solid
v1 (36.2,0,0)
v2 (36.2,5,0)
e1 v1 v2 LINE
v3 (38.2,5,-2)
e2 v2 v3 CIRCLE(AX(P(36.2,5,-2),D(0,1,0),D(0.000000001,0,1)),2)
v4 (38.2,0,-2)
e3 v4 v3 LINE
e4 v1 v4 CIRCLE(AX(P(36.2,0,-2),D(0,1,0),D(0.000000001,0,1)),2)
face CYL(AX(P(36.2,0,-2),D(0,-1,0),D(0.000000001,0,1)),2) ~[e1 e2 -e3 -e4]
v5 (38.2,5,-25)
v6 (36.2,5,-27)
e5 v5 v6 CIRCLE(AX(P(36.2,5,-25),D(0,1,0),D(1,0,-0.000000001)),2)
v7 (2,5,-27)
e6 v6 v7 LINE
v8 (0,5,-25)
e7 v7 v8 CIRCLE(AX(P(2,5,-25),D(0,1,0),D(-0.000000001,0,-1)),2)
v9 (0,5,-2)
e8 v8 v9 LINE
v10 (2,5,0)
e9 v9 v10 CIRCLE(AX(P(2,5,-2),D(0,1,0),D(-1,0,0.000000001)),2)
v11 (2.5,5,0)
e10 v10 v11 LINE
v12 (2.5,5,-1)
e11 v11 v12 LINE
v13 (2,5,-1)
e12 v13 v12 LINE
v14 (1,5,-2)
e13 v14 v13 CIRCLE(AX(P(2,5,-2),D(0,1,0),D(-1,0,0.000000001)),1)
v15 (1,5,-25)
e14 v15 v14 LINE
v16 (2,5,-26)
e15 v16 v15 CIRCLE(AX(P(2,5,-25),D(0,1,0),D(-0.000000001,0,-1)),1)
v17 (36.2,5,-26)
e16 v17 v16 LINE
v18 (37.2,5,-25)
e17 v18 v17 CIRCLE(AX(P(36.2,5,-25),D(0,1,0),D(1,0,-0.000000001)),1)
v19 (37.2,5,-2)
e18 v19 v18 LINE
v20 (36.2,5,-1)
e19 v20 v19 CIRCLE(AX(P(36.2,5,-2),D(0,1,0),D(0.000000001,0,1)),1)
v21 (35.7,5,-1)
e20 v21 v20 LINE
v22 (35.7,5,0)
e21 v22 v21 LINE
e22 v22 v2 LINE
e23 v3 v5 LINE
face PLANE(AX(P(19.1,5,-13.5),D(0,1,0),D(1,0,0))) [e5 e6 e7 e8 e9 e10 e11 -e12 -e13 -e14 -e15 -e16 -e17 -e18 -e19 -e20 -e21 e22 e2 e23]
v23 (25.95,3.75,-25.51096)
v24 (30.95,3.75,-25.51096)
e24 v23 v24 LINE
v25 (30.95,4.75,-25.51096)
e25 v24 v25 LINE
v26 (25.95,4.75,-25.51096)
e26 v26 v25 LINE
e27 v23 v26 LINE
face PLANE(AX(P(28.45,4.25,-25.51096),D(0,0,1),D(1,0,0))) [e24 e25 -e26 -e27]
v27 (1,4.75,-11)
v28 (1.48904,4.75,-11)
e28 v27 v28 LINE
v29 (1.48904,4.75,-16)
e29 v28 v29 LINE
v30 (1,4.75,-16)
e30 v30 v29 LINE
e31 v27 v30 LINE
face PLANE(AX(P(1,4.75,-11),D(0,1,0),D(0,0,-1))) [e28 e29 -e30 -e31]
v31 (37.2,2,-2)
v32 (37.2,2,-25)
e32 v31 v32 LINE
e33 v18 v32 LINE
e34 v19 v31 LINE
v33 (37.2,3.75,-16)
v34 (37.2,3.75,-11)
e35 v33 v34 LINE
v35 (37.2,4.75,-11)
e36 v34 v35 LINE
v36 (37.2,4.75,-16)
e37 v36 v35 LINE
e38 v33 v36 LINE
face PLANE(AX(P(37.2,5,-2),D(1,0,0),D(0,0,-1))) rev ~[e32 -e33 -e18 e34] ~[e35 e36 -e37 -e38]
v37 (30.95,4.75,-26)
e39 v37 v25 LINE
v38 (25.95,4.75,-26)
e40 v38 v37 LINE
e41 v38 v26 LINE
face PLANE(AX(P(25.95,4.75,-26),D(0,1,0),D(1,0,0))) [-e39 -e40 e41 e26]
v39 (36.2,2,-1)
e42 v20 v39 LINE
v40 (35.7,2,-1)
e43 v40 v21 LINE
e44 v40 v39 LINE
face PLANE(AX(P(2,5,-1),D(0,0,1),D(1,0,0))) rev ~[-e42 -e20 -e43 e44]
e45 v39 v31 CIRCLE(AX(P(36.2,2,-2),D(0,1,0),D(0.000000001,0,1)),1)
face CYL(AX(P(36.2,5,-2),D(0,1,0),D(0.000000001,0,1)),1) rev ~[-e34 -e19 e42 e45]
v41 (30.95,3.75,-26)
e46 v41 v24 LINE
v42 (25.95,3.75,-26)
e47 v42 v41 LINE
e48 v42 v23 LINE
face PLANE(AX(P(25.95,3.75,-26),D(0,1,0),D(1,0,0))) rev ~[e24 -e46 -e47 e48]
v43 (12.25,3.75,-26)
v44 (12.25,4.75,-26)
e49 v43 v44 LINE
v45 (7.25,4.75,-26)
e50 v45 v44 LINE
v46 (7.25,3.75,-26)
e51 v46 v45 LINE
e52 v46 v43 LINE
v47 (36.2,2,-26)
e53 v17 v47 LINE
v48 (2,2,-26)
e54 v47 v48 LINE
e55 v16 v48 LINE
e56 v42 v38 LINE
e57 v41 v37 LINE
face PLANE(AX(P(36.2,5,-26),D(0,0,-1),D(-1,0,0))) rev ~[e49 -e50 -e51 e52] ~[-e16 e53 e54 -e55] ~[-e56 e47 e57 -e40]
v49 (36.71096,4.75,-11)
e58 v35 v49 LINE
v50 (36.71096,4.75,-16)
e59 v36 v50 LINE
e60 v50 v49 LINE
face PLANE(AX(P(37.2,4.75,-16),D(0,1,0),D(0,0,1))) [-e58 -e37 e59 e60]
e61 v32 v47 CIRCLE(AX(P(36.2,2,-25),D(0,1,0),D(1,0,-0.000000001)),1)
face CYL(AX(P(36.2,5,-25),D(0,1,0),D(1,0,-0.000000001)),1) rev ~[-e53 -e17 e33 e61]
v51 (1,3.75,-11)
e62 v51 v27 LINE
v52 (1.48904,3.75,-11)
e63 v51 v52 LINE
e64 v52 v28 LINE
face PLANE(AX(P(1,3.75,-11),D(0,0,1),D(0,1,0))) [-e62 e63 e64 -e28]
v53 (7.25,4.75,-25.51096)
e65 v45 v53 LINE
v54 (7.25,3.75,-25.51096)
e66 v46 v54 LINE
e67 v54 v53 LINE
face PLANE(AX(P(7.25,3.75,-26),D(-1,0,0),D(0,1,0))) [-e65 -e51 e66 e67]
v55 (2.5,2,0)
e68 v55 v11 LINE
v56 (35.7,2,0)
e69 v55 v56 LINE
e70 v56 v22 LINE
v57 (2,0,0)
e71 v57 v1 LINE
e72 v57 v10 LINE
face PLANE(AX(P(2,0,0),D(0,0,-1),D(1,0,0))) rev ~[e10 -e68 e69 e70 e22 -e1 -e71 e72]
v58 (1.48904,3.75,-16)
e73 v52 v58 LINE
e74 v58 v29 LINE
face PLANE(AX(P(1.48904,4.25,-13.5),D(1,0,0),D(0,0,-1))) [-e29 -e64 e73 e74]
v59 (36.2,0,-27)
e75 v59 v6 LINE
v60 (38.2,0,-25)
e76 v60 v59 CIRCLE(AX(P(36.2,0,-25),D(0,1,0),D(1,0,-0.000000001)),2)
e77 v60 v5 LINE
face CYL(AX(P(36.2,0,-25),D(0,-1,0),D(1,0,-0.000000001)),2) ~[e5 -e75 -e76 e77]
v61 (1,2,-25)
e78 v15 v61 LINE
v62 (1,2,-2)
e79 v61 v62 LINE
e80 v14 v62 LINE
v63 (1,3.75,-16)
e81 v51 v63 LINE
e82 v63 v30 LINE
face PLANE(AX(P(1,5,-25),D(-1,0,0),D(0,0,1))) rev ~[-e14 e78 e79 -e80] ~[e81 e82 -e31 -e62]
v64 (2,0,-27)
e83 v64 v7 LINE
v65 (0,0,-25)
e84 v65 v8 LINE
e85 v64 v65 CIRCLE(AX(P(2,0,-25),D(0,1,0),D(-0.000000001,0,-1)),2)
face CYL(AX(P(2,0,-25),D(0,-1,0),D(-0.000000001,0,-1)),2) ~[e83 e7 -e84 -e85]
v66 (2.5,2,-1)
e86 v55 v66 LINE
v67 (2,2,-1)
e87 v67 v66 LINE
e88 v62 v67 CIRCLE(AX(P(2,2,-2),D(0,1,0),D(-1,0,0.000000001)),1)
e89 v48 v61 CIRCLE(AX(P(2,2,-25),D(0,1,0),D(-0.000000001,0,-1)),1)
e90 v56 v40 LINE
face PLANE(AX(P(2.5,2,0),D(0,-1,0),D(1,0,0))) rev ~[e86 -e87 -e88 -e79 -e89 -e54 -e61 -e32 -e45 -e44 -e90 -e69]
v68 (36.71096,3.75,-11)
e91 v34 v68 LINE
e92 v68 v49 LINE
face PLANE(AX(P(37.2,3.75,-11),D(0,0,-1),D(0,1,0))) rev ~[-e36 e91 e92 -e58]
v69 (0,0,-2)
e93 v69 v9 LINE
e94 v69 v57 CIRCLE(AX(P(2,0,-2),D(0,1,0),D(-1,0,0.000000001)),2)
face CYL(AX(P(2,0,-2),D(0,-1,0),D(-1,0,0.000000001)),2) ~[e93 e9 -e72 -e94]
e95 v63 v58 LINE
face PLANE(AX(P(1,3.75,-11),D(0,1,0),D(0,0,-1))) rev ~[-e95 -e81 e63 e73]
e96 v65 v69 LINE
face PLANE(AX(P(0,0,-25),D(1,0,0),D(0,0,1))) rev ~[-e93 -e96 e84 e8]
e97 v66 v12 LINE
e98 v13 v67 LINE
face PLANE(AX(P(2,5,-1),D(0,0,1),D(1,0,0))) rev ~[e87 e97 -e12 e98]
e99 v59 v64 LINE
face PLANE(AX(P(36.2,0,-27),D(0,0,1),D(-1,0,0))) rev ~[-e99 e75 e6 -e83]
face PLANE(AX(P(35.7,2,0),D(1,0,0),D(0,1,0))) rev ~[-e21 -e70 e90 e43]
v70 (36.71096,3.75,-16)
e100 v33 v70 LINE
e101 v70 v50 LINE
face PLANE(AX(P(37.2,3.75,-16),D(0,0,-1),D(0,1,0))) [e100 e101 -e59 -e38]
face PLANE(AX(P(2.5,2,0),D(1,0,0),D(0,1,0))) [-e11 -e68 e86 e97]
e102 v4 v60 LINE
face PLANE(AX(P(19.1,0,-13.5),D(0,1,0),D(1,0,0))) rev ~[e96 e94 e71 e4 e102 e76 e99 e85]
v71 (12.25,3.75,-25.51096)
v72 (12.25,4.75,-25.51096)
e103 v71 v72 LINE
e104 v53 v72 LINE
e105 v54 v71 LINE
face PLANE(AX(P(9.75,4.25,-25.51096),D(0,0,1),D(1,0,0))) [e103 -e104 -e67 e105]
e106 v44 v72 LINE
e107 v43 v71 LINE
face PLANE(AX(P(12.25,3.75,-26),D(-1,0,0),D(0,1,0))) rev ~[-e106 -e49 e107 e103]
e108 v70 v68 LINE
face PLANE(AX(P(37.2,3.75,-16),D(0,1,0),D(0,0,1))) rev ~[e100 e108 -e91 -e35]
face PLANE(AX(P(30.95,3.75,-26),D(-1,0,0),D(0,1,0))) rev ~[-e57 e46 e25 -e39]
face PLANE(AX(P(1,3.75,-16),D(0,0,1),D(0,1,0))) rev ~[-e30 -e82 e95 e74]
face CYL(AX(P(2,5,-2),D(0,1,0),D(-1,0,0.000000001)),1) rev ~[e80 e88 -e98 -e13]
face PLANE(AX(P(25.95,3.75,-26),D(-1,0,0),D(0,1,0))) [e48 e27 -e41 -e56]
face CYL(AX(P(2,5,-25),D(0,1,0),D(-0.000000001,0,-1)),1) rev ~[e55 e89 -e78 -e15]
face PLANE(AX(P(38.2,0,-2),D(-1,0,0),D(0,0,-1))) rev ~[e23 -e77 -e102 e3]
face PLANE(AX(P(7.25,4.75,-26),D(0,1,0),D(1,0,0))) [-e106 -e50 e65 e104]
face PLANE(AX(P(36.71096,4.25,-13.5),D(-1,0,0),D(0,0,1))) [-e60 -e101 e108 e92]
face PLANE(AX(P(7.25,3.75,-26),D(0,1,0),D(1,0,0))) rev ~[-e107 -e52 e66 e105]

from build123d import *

# Parameters (mm, degrees)
BOSS_EXTRU_1_DEPTH      = 5
ENL_V_MAT_EXTRU_1_DEPTH = 3
ESQUISSE3_W             = 33.2
ESQUISSE3_H             = 3
ENL_V_MAT_EXTRU_2_DEPTH = 3
ESQUISSE4_W             = 5
ESQUISSE4_H             = 1
BOSS_EXTRU_2_DEPTH      = 0.48904
ESQUISSE5_W             = 5
ESQUISSE5_H             = 1
BOSS_EXTRU_3_DEPTH      = 0.48904
ESQUISSE6_W             = 5
ESQUISSE6_H             = 1
BOSS_EXTRU_4_DEPTH      = 0.48904


with BuildPart() as part:
    # Esquisse1 → Boss.-Extru.1 (new body)
    with BuildSketch(Plane(origin=(0, 0, 0), x_dir=(1, 0, 0), z_dir=(0, 1, 0))):
        with BuildLine():
            Line((2, 0), (36.2, 0))
            ThreePointArc((36.2, 0), (37.614213562, 0.585786438), (38.2, 2))
            Line((38.2, 2), (38.2, 25))
            ThreePointArc((38.2, 25), (37.614213562, 26.414213562), (36.2, 27))
            Line((36.2, 27), (2, 27))
            ThreePointArc((2, 27), (0.585786438, 26.414213562), (0, 25))
            Line((0, 25), (0, 2))
            ThreePointArc((0, 2), (0.585786438, 0.585786438), (2, 0))
        make_face()
    extrude(amount=BOSS_EXTRU_1_DEPTH)

    # Esquisse2 → Enlèv. mat.-Extru.1 (cut)
    with BuildSketch(Plane(origin=(0, 5, 0), x_dir=(1, 0, 0), z_dir=(0, 1, 0))):
        with BuildLine():
            Line((37.2, 2), (37.2, 25))
            ThreePointArc((37.2, 25), (36.907106781, 25.707106781), (36.2, 26))
            Line((36.2, 26), (2, 26))
            ThreePointArc((2, 26), (1.292893219, 25.707106781), (1, 25))
            Line((1, 25), (1, 2))
            ThreePointArc((1, 2), (1.292893219, 1.292893219), (2, 1))
            Line((2, 1), (36.2, 1))
            ThreePointArc((36.2, 1), (36.907106781, 1.292893219), (37.2, 2))
        make_face()
    extrude(amount=-ENL_V_MAT_EXTRU_1_DEPTH, mode=Mode.SUBTRACT)

    # Esquisse3 → Enlèv. mat.-Extru.2 (cut)
    with BuildSketch(Plane.XY):
        with Locations((19.1, 3.5)):
            Rectangle(ESQUISSE3_W, ESQUISSE3_H)
    extrude(amount=-ENL_V_MAT_EXTRU_2_DEPTH, mode=Mode.SUBTRACT)

    # Esquisse4 → Boss.-Extru.2 (add)
    with BuildSketch(Plane(origin=(1, 0, 0), x_dir=(0, 0, -1), z_dir=(1, 0, 0))):
        with Locations((13.5, 4.25)):
            Rectangle(ESQUISSE4_W, ESQUISSE4_H)
    extrude(amount=BOSS_EXTRU_2_DEPTH)

    # Esquisse5 → Boss.-Extru.3 (add)
    with BuildSketch(Plane.ZY.offset(-37.2)):
        with Locations((-13.5, 4.25)):
            Rectangle(ESQUISSE5_W, ESQUISSE5_H)
    extrude(amount=BOSS_EXTRU_3_DEPTH)

    # Esquisse6 → Boss.-Extru.4 (add)
    with BuildSketch(Plane.XY.offset(-26)):
        with Locations((9.75, 4.25)):
            Rectangle(ESQUISSE6_W, ESQUISSE6_H)
        with Locations((28.45, 4.25)):
            Rectangle(ESQUISSE6_W, ESQUISSE6_H)
    extrude(amount=BOSS_EXTRU_4_DEPTH)


solid = part.part
